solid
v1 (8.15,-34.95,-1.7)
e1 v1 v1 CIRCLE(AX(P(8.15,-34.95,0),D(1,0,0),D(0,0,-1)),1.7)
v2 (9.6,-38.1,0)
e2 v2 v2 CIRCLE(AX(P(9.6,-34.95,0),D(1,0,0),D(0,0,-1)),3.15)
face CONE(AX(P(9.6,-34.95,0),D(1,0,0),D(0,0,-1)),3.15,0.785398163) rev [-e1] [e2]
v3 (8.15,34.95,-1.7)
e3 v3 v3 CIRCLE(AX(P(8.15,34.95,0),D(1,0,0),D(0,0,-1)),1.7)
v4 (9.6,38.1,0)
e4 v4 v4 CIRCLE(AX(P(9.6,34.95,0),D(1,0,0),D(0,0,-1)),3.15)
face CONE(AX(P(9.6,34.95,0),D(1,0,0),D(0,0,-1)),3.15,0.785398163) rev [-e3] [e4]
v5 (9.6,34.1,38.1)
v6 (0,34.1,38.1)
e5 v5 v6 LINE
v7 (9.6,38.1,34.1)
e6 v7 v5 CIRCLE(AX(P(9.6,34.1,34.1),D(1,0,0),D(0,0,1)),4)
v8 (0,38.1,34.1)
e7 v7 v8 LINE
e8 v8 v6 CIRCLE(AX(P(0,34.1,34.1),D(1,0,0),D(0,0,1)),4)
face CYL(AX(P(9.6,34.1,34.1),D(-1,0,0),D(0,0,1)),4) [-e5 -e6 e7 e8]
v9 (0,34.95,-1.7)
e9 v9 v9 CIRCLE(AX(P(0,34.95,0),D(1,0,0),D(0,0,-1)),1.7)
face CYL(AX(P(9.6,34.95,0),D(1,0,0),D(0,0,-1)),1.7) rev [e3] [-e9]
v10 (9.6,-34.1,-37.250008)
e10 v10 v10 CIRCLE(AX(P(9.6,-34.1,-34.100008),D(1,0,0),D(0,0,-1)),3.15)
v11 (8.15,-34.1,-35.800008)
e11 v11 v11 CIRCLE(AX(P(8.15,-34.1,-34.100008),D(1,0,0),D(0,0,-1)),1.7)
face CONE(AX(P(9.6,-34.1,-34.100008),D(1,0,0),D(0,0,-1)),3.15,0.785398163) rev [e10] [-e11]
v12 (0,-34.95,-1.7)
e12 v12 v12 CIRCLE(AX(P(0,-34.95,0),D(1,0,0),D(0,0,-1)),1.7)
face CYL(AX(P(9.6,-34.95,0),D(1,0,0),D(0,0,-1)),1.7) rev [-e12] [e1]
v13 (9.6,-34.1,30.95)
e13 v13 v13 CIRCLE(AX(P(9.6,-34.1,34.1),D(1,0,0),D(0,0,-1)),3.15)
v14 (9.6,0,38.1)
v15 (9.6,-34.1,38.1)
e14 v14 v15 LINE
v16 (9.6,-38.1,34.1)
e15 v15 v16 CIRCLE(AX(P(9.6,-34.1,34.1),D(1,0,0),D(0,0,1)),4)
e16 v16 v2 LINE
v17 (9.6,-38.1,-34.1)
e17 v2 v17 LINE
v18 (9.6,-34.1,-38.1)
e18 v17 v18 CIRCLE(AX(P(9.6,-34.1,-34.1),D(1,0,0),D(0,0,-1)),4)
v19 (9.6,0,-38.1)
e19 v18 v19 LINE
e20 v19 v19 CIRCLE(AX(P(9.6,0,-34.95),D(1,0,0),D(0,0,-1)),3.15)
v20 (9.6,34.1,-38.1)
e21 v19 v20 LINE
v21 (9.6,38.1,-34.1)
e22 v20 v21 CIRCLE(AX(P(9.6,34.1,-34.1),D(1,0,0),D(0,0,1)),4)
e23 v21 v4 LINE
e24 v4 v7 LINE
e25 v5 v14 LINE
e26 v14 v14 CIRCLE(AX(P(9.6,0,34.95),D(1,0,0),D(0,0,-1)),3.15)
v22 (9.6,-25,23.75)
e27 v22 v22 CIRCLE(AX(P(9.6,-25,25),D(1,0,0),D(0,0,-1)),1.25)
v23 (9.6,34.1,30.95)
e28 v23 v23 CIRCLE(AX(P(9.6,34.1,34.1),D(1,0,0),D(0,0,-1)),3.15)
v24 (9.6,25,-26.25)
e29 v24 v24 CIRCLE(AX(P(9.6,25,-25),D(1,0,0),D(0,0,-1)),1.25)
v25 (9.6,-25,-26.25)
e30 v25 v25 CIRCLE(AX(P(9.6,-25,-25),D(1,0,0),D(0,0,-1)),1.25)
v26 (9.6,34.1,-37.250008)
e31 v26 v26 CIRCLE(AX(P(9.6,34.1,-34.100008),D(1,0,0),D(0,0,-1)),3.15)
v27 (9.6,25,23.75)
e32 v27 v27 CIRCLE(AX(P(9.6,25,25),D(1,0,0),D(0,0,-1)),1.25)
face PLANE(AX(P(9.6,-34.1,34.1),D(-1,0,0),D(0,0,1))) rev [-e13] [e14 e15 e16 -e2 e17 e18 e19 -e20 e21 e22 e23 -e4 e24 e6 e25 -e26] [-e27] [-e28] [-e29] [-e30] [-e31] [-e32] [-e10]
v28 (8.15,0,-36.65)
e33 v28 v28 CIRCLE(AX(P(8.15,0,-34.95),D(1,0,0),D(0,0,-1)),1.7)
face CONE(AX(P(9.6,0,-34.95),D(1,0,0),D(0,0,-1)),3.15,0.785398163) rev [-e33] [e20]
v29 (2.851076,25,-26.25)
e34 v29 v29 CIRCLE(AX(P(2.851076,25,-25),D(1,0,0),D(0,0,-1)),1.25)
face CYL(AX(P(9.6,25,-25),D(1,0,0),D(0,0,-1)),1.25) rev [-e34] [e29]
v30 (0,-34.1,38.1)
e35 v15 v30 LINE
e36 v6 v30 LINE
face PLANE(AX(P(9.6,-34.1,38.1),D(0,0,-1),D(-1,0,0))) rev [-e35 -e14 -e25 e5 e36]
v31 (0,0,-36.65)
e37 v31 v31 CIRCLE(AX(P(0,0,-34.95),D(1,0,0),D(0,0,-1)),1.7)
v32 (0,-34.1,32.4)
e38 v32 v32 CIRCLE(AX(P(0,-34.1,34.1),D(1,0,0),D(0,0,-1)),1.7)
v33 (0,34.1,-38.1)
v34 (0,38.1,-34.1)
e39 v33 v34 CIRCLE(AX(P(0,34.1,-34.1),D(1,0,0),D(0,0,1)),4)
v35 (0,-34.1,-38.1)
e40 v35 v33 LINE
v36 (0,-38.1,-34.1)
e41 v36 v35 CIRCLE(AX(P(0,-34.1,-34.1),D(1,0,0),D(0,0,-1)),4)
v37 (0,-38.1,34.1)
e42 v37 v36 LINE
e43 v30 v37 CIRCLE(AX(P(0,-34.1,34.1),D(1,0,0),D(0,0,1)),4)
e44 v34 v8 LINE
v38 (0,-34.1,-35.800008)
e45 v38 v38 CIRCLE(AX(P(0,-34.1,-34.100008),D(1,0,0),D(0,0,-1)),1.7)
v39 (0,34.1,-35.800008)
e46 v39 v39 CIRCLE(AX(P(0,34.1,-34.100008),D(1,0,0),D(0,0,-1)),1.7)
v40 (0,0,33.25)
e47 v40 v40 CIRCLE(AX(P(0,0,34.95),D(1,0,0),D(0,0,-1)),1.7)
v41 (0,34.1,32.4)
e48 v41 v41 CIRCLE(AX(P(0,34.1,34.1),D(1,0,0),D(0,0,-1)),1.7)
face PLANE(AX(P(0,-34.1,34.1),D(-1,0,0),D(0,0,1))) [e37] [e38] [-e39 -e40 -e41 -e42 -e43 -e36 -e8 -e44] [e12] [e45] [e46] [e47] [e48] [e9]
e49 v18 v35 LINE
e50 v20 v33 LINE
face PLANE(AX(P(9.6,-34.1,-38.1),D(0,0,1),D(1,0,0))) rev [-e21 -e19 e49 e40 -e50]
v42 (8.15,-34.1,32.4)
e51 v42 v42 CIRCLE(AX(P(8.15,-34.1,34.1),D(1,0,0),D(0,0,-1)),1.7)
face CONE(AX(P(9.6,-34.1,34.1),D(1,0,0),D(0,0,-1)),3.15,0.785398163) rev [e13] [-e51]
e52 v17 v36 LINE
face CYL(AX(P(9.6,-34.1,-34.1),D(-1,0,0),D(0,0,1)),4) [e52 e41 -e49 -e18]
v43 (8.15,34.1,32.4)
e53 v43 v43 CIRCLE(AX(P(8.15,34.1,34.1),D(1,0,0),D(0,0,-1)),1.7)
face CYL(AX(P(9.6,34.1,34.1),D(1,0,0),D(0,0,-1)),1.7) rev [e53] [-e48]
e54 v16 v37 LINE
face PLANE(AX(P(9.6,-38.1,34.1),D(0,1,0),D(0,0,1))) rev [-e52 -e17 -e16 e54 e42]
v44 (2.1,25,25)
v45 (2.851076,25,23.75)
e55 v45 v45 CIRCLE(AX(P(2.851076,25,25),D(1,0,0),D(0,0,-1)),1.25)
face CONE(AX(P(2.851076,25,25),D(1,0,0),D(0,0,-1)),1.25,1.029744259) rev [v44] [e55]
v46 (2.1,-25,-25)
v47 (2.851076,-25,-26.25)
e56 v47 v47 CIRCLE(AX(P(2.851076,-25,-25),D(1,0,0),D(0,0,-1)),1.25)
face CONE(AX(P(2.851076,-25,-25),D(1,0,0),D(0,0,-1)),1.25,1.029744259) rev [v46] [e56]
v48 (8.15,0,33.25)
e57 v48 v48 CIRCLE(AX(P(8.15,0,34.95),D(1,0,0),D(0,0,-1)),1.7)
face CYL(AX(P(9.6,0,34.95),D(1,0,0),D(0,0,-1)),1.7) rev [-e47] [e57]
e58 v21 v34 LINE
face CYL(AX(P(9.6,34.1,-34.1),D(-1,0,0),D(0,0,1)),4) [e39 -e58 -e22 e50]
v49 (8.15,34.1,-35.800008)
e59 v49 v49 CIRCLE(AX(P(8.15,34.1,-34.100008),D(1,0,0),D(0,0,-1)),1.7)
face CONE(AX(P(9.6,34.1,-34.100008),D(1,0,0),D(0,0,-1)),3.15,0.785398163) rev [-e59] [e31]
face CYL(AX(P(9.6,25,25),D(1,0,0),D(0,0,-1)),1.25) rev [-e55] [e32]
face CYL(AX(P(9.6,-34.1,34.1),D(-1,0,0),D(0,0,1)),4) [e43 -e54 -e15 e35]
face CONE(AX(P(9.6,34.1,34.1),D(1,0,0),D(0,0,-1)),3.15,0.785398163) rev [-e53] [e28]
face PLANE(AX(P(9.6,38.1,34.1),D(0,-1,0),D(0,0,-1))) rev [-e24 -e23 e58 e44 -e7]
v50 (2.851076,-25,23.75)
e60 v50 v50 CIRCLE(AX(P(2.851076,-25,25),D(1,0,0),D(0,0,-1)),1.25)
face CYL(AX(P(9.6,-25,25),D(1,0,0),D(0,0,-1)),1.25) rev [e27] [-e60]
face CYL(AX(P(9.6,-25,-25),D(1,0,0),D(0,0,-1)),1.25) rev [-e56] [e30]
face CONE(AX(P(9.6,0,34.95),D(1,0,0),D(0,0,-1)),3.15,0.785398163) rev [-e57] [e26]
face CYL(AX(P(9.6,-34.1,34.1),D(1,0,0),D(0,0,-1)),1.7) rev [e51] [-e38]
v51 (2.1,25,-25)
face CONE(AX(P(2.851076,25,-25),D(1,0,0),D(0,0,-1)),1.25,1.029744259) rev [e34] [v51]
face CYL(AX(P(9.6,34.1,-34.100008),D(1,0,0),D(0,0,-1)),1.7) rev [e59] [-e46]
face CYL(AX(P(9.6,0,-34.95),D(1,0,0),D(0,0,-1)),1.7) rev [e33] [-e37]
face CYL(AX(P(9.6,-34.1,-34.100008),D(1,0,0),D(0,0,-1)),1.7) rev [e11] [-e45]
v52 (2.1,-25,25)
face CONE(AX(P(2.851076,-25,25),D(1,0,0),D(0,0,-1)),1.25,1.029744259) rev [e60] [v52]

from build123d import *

# Parameters (mm, degrees)
BOSS_EXTRUDE1_DEPTH                             = 9.6
CSK_FOR_M3_FLAT_HEAD_MACHINE_SCREW1_D           = 3.4
CSK_FOR_M3_FLAT_HEAD_MACHINE_SCREW1_CSINK_D     = 6.3
CSK_FOR_M3_FLAT_HEAD_MACHINE_SCREW1_CSINK_ANGLE = 90
M3X0_5_TAPPED_HOLE1_D                           = 2.5
M3X0_5_TAPPED_HOLE1_DEPTH                       = 6.748924226
M3X0_5_TAPPED_HOLE1_TIP                         = 0.751075774


with BuildPart() as part:
    # Sketch2 → Boss-Extrude1 (new body)
    with BuildSketch(Plane(origin=(0, 0, 0), x_dir=(0, 0, -1), z_dir=(1, 0, 0))):
        with BuildLine():
            Line((-34.1, -38.1), (34.1, -38.1))
            ThreePointArc((34.1, -38.1), (36.928427125, -36.928427125), (38.1, -34.1))
            Line((38.1, -34.1), (38.1, 34.1))
            ThreePointArc((38.1, 34.1), (36.928427125, 36.928427125), (34.1, 38.1))
            Line((34.1, 38.1), (-34.1, 38.1))
            ThreePointArc((-34.1, 38.1), (-36.928427125, 36.928427125), (-38.1, 34.1))
            Line((-38.1, 34.1), (-38.1, -34.1))
            ThreePointArc((-38.1, -34.1), (-36.928427125, -36.928427125), (-34.1, -38.1))
        make_face()
    extrude(amount=BOSS_EXTRUDE1_DEPTH)

    # CSK for M3 Flat Head Machine Screw1 (through all)
    with Locations(Plane(origin=(9.6, 0, 0), x_dir=(0, 0, 1), z_dir=(1, 0, 0))):
        with Locations((-34.100008, -34.1), (34.1, -34.1), (34.1, 34.1), (-34.100008, 34.1), (0, -34.94999995), (34.95, 0), (0, 34.95), (-34.95, 0)):
            CounterSinkHole(CSK_FOR_M3_FLAT_HEAD_MACHINE_SCREW1_D / 2, CSK_FOR_M3_FLAT_HEAD_MACHINE_SCREW1_CSINK_D / 2, counter_sink_angle=CSK_FOR_M3_FLAT_HEAD_MACHINE_SCREW1_CSINK_ANGLE)

    # M3x0.5 Tapped Hole1
    with Locations(Plane(origin=(9.6, 0, 0), x_dir=(0, 0, -1), z_dir=(1, 0, 0))):
        with Locations((-25, 25), (25, 25), (25, -25), (-25, -25)):
            Hole(M3X0_5_TAPPED_HOLE1_D / 2, depth=M3X0_5_TAPPED_HOLE1_DEPTH)
            with Locations((0, 0, -(M3X0_5_TAPPED_HOLE1_DEPTH + M3X0_5_TAPPED_HOLE1_TIP / 2))):  # 118° drill point
                Cone(0, M3X0_5_TAPPED_HOLE1_D / 2, M3X0_5_TAPPED_HOLE1_TIP, mode=Mode.SUBTRACT)


solid = part.part
